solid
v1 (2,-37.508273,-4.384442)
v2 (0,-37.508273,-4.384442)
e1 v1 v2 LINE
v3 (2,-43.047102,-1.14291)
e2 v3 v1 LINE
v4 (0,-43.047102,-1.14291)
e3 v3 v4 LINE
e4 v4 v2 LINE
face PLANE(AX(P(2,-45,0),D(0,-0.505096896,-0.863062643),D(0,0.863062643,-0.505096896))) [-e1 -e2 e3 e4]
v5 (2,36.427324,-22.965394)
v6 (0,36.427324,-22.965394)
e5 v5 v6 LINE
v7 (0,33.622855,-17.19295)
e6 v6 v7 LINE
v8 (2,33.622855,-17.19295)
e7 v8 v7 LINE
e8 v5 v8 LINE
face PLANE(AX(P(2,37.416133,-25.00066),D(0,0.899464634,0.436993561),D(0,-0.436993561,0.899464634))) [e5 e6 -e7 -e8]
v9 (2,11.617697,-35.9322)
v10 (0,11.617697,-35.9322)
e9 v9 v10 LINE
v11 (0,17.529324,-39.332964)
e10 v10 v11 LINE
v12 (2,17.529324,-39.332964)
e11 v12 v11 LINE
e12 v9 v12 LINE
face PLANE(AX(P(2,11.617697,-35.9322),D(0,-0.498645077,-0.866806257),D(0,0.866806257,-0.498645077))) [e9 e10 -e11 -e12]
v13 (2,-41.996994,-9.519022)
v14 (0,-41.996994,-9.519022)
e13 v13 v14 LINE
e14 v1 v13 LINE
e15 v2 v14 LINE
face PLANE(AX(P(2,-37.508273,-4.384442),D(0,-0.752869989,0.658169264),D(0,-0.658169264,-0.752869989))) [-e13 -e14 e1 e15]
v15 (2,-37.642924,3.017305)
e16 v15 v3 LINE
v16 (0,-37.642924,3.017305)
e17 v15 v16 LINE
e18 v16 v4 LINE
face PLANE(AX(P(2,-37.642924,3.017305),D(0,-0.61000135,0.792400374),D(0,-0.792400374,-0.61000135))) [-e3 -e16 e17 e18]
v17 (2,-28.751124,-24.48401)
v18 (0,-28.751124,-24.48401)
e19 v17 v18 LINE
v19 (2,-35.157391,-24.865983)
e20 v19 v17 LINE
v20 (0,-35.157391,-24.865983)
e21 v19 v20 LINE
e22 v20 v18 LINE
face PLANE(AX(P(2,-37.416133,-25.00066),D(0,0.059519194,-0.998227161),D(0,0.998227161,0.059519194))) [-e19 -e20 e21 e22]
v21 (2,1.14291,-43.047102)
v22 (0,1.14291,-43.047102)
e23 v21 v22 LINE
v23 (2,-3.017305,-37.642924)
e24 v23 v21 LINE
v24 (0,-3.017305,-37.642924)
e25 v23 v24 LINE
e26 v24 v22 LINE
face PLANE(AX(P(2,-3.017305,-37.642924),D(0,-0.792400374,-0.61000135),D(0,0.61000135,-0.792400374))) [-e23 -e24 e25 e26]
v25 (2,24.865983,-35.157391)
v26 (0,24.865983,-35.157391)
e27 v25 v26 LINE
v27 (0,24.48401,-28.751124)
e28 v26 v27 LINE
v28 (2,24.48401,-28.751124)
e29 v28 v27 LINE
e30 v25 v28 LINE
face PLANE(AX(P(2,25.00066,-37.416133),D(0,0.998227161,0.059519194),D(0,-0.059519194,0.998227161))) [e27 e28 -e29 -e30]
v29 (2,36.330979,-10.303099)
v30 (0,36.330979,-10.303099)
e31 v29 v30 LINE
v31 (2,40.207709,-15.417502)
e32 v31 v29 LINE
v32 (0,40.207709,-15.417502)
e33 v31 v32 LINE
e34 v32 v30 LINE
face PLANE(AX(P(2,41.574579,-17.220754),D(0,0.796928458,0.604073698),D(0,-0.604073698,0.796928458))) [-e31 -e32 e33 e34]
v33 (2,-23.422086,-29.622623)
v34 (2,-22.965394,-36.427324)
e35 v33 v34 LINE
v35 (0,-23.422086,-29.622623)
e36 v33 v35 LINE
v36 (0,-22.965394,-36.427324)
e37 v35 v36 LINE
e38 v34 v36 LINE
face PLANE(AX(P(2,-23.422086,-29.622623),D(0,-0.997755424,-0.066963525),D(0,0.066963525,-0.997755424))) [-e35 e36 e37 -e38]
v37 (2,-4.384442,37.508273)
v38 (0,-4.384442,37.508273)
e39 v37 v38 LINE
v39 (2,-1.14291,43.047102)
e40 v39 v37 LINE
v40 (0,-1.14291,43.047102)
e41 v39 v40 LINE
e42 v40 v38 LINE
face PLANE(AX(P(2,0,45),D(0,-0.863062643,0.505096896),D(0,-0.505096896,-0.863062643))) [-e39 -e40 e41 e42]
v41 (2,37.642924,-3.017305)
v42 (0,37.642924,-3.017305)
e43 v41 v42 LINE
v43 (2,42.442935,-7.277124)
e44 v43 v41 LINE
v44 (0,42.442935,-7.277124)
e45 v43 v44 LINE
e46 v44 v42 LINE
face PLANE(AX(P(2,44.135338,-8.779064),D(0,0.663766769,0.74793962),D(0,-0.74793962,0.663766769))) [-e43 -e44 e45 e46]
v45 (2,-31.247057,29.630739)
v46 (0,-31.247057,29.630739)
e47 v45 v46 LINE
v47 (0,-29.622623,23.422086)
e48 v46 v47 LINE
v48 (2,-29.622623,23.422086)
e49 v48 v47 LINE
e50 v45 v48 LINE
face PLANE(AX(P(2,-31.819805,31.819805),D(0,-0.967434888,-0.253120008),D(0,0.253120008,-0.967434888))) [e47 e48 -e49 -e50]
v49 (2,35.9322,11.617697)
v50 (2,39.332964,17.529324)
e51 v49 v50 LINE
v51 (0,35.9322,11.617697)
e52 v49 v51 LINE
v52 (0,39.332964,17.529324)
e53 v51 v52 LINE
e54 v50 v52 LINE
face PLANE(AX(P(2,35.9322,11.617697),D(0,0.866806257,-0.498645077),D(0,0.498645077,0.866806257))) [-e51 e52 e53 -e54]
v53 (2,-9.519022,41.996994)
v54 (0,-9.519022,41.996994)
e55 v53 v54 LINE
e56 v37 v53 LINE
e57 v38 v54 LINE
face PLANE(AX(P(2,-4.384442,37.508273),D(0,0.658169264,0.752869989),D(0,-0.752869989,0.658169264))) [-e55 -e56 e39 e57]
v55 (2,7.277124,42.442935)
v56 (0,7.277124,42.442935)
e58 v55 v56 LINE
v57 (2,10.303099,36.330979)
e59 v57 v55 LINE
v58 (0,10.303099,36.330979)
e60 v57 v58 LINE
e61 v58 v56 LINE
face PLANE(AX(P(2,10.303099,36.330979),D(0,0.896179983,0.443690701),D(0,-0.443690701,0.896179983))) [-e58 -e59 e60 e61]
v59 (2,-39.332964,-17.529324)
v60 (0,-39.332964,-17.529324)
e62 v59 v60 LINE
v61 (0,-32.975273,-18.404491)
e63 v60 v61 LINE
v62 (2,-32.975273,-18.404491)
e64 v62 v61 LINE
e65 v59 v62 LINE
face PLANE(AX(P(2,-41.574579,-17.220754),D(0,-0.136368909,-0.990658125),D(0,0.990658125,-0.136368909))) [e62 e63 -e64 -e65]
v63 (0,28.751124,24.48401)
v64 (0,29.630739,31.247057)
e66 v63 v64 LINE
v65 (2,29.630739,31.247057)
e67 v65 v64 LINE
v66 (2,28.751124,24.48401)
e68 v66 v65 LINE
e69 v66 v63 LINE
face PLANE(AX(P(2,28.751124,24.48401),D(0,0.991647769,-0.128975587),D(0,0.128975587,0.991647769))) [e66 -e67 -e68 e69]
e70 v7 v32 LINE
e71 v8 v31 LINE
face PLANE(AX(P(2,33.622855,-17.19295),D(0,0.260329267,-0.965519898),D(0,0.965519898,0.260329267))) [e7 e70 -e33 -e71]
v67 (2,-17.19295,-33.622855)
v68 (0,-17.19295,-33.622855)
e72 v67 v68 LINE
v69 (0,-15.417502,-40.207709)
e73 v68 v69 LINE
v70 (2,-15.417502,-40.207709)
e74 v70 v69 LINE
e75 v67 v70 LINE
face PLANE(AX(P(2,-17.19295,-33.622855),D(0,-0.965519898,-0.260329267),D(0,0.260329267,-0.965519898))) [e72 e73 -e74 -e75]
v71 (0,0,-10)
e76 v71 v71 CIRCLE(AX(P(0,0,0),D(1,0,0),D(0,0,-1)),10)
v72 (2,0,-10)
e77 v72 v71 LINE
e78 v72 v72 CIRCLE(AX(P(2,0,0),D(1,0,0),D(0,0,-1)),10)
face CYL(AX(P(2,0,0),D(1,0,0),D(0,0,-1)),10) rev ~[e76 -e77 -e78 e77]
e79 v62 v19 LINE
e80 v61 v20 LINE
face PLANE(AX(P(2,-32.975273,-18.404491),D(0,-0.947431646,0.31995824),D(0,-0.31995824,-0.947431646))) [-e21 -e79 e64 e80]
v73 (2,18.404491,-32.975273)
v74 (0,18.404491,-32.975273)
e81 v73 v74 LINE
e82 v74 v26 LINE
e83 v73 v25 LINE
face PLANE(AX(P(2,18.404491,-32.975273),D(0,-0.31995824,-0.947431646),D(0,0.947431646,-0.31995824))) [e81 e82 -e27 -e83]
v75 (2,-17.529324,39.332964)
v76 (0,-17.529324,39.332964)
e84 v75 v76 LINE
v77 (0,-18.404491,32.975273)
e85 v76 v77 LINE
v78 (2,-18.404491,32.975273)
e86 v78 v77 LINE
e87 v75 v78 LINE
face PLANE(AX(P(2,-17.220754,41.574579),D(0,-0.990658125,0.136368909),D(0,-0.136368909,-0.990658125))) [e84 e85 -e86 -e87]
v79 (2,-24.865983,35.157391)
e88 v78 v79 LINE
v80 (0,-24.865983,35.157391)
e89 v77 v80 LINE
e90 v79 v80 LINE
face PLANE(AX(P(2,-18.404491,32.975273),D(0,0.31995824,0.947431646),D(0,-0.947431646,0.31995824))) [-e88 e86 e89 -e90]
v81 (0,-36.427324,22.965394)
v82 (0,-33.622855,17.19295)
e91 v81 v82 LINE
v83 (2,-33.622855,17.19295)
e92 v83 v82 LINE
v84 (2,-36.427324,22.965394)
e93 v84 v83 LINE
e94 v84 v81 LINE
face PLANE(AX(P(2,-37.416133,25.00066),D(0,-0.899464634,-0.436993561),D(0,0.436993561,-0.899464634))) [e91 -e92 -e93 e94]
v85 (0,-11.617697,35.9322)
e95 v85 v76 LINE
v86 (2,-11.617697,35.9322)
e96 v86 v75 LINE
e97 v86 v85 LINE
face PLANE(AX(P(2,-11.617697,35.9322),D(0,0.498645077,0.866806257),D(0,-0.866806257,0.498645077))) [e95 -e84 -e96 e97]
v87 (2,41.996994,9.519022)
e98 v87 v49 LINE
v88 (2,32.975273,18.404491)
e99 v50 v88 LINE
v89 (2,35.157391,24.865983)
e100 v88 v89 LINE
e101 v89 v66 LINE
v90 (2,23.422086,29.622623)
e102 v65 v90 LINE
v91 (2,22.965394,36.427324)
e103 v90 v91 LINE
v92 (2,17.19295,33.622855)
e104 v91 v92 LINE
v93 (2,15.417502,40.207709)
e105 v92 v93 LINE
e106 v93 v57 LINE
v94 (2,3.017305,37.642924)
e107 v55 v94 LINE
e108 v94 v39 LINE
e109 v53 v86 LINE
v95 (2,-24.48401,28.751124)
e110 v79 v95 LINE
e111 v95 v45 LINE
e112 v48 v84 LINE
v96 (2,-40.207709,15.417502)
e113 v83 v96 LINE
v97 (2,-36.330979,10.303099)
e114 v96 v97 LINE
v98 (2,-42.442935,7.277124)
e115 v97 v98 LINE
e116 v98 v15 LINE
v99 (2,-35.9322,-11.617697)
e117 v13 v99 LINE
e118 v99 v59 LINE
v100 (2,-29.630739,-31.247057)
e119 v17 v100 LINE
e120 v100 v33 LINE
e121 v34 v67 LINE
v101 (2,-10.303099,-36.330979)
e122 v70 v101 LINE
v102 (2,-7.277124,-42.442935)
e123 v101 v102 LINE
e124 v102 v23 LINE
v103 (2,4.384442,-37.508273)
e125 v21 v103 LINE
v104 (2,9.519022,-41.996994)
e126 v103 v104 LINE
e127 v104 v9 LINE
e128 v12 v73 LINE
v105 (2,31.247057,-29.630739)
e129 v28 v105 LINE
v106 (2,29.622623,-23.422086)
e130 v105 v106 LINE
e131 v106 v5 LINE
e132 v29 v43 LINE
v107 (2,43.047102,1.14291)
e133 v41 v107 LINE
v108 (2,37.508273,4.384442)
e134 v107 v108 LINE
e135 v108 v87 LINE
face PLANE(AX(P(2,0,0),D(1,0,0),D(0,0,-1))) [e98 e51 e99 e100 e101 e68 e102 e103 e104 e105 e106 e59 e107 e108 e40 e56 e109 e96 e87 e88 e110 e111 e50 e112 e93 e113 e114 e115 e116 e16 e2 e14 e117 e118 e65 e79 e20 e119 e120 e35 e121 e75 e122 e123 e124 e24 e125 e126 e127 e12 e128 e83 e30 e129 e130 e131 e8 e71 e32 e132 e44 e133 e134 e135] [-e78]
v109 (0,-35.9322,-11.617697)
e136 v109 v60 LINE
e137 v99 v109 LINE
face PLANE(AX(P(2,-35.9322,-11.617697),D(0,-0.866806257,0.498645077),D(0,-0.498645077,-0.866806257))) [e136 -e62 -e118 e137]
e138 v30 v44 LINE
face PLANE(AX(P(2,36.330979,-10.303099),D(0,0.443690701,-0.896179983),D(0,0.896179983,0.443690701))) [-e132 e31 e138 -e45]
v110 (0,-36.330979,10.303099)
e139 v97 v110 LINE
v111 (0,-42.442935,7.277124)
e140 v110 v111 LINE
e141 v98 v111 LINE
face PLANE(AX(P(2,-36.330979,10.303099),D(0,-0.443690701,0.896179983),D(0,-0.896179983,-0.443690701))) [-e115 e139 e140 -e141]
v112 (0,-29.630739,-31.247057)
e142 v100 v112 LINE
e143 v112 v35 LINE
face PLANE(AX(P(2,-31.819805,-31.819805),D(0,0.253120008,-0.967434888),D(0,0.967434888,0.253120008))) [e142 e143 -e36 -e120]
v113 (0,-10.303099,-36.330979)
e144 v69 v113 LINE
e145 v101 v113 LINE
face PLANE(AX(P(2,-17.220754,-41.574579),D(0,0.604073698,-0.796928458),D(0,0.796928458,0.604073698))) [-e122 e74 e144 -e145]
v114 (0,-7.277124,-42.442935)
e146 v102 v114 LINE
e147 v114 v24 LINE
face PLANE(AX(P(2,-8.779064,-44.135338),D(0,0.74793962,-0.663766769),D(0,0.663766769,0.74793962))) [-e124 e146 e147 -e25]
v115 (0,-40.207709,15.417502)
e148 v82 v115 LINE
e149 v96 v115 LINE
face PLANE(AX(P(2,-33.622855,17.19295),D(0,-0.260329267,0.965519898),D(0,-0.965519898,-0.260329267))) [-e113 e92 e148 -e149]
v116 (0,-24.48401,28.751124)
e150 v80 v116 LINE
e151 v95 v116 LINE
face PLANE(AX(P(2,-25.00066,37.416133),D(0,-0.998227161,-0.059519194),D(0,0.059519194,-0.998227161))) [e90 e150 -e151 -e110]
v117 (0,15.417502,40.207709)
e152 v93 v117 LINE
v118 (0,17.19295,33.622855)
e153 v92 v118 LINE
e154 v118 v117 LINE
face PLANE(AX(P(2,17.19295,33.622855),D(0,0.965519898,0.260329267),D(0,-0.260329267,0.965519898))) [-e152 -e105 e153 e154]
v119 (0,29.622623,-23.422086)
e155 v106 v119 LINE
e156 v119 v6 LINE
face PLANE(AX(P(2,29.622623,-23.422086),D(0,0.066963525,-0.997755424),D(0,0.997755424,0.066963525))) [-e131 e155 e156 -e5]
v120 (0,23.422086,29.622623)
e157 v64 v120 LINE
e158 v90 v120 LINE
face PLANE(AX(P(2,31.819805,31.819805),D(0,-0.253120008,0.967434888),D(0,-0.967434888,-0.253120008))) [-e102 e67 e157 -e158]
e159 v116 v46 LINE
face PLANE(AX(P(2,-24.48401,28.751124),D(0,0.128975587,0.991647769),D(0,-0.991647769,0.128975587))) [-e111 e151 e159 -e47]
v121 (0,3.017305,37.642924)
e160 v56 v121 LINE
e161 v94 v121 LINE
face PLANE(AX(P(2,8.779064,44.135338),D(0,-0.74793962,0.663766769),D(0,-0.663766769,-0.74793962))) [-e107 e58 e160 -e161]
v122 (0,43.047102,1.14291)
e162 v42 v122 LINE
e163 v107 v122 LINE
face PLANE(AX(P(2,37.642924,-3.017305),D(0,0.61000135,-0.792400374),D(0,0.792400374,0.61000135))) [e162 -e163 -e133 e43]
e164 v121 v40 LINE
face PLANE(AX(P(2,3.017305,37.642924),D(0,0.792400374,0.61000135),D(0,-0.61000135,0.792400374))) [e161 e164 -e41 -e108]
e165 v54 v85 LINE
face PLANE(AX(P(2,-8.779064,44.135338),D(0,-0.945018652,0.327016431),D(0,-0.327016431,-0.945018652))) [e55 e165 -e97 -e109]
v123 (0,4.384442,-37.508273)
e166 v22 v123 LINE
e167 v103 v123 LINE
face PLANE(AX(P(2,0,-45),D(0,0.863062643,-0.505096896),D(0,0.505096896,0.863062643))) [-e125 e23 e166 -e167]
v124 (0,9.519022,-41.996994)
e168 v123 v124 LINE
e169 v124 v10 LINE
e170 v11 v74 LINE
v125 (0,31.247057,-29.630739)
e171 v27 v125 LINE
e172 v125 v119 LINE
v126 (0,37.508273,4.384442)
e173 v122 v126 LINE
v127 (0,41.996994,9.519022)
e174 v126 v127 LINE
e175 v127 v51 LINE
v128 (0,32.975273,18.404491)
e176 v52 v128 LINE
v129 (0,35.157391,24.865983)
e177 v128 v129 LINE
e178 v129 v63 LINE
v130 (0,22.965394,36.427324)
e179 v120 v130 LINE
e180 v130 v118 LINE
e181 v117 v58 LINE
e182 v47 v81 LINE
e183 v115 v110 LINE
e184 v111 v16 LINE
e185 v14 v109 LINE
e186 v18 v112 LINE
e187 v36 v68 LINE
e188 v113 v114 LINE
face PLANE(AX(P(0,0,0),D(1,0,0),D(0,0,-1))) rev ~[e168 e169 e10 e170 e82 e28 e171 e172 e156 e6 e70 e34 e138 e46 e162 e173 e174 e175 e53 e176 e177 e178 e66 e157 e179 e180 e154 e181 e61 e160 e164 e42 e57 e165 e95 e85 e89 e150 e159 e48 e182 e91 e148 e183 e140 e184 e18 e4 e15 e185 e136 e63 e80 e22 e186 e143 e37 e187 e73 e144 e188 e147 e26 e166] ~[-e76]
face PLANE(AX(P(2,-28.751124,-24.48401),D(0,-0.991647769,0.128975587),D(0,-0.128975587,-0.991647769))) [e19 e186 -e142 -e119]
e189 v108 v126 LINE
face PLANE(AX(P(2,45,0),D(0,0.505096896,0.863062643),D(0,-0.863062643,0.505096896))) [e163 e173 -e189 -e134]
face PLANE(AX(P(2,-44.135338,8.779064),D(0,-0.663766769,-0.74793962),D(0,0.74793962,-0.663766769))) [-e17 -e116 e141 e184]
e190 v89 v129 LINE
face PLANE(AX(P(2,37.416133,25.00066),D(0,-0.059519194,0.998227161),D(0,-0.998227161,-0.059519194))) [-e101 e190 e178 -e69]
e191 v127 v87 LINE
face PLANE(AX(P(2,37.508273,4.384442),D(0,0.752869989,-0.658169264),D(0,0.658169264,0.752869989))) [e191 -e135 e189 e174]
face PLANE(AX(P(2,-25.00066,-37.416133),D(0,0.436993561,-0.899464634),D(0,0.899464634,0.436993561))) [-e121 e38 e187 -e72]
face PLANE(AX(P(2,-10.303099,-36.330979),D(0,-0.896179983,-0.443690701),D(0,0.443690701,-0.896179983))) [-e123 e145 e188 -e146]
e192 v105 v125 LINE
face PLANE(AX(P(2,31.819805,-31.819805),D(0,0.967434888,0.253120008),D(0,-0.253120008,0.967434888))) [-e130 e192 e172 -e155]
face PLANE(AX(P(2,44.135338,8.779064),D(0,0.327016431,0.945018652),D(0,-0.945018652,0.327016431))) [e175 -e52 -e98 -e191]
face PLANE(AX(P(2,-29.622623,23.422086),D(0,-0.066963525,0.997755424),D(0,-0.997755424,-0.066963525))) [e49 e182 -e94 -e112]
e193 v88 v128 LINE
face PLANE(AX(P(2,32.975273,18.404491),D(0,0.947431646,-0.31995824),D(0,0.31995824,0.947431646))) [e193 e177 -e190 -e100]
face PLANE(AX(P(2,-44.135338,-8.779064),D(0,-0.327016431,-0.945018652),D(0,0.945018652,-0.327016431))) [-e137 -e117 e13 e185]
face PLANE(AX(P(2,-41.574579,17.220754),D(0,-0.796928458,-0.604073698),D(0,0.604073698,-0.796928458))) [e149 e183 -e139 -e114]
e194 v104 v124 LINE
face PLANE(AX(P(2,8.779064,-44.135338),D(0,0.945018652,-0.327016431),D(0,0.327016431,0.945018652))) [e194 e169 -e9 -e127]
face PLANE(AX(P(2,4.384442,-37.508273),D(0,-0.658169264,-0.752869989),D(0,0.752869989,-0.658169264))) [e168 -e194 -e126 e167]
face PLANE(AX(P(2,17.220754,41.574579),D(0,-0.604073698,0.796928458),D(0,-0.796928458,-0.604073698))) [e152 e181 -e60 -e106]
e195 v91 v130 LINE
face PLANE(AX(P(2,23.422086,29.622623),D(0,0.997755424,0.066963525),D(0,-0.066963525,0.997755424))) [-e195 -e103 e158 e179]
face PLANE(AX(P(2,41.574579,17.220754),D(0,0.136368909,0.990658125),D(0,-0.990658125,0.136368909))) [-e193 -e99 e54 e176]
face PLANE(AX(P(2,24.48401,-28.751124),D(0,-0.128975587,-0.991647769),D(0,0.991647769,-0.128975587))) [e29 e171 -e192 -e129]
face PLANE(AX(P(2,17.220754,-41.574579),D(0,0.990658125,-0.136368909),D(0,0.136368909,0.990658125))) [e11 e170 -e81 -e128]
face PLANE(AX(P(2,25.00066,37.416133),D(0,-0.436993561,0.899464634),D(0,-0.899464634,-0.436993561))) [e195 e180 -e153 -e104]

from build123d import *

# Parameters (mm, degrees)
SKETCH1_R           = 45
BOSS_EXTRUDE1_DEPTH = 2
CUT_EXTRUDE2_DEPTH  = 64.671029519
CIRPATTERN1_COUNT   = 32
SKETCH4_R           = 10
CUT_EXTRUDE3_DEPTH  = 10


with BuildPart() as part:
    # Sketch1 → Boss-Extrude1 (new body)
    with BuildSketch(Plane(origin=(0, 0, 0), x_dir=(0, 0, -1), z_dir=(1, 0, 0))):
        Circle(SKETCH1_R)
    extrude(amount=BOSS_EXTRUDE1_DEPTH)

    # Sketch3 → Cut-Extrude2 (cut, symmetric)
    with BuildSketch(Plane(origin=(2, 0, 0), x_dir=(0, 0, -1), z_dir=(1, 0, 0))):
        Polygon((111.061055433, 234.770812069), (0, 45), (-4.384441822, 37.508273204), (-11.303681047, 43.557166974), (-176.845255951, 188.275880779), (-246.955404965, 622.412545429), (40.950906418, 668.907476719), align=None)
    cut_extrude2 = extrude(amount=CUT_EXTRUDE2_DEPTH, both=True, mode=Mode.SUBTRACT)

    # CirPattern1: Cut-Extrude2 ×32 about axis
    cirpattern1_axis = Axis((2, 0, 0), (-1, 0, 0))
    for i in range(1, CIRPATTERN1_COUNT):
        add(cut_extrude2.rotate(cirpattern1_axis, i * 360 / CIRPATTERN1_COUNT), mode=Mode.SUBTRACT)

    # Sketch4 → Cut-Extrude3 (cut)
    with BuildSketch(Plane(origin=(2, 0, 0), x_dir=(0, 0, -1), z_dir=(1, 0, 0))):
        Circle(SKETCH4_R)
    extrude(amount=-CUT_EXTRUDE3_DEPTH, mode=Mode.SUBTRACT)


solid = part.part
